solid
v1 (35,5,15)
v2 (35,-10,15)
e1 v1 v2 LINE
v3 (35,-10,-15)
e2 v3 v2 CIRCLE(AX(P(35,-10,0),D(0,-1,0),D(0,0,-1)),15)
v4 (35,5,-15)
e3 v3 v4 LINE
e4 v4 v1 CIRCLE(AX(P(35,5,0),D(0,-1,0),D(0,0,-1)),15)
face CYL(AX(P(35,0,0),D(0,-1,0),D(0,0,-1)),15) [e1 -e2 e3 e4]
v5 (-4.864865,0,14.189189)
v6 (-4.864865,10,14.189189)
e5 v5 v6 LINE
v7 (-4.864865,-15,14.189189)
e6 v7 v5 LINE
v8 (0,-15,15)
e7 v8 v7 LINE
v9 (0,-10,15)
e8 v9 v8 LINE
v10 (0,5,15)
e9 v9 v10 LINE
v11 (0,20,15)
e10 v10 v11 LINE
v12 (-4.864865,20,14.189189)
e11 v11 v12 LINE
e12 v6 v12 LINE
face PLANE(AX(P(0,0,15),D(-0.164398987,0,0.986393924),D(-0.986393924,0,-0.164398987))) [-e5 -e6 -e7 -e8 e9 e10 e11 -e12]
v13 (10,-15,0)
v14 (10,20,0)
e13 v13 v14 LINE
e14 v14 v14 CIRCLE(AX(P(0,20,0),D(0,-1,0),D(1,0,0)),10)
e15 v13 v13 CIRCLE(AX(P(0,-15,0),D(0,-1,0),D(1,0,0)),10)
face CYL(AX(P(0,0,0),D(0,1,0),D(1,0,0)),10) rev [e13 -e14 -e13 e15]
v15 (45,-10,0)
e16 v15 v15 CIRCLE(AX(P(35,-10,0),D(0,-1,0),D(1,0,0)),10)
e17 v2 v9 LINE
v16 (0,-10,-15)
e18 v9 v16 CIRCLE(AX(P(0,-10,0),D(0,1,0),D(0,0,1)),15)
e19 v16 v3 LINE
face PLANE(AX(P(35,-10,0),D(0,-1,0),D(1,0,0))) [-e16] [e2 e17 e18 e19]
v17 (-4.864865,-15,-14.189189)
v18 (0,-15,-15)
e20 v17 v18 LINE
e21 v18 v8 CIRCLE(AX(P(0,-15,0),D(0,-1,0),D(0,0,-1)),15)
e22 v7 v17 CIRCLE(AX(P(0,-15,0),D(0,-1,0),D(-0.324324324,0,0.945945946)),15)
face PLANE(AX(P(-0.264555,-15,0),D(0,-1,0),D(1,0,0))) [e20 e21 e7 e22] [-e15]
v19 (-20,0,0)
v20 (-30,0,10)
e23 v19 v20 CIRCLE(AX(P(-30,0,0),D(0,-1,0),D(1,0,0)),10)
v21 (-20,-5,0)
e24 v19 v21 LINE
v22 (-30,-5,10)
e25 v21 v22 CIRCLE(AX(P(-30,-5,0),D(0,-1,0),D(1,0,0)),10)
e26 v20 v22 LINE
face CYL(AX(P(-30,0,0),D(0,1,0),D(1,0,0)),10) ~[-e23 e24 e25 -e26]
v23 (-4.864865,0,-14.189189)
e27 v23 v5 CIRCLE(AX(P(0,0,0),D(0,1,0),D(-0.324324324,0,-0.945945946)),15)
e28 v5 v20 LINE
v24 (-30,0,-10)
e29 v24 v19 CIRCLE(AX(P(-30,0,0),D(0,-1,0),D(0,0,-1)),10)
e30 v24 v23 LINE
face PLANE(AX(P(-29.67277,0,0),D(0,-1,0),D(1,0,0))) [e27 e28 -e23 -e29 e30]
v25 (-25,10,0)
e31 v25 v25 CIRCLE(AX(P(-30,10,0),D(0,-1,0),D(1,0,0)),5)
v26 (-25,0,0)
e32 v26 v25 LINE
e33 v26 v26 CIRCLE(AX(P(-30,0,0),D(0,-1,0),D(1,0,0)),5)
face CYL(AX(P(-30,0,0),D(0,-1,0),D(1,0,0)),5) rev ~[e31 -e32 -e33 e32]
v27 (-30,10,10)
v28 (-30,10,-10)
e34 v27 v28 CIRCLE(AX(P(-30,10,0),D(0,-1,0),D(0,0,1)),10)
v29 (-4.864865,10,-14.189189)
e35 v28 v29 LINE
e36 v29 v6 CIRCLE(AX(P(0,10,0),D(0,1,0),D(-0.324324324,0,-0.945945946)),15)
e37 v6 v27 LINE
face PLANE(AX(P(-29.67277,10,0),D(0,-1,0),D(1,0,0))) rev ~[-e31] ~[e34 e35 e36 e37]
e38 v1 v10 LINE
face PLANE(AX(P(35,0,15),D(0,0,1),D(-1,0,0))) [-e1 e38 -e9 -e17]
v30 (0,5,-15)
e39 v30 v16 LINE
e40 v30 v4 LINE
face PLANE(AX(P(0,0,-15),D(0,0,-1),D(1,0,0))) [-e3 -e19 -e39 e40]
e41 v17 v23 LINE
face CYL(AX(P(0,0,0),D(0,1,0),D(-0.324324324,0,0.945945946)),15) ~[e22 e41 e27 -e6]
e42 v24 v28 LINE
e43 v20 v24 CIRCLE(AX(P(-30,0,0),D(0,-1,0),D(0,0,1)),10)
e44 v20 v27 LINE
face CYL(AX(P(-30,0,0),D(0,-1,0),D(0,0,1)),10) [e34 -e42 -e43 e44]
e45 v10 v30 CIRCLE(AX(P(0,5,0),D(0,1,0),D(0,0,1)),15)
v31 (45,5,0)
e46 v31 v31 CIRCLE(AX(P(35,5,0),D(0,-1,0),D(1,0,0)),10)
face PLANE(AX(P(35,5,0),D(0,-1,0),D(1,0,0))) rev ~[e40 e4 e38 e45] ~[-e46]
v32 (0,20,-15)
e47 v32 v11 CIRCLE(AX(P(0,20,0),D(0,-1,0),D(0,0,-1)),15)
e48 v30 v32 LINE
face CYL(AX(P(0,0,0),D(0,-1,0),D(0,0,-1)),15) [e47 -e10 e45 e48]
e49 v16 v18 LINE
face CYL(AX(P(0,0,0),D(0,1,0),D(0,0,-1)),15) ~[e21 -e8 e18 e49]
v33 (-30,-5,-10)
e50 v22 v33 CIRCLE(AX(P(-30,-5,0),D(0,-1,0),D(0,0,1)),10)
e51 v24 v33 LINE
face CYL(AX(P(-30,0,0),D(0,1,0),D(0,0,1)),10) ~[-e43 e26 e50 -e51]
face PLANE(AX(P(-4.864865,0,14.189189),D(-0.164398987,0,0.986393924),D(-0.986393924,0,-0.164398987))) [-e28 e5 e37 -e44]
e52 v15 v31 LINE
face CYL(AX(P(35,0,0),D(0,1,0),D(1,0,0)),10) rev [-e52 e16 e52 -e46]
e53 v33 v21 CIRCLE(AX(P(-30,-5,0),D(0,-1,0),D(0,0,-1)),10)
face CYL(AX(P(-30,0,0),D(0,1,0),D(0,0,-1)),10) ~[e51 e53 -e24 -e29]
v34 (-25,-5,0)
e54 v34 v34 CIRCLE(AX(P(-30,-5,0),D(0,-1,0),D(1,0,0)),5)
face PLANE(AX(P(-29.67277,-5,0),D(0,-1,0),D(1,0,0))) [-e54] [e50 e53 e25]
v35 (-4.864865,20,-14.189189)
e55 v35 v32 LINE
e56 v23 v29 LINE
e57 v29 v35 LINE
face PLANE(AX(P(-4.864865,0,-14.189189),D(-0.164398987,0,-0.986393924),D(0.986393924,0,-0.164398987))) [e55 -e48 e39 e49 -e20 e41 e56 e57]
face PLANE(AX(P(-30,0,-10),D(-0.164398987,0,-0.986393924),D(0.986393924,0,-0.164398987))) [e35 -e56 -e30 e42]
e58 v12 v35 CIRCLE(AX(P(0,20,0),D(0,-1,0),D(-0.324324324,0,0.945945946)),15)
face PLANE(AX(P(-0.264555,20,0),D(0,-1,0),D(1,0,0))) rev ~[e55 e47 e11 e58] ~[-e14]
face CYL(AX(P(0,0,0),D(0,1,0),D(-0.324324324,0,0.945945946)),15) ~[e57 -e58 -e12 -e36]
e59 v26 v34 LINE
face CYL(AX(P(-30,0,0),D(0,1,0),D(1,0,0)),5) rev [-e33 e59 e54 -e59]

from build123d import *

# Parameters (mm, degrees)
F0_R     = 5
F1_DEPTH = 5
F0_R_2   = 10
F2_DEPTH = 15
F3_DEPTH = 10
F4_DEPTH = 5
F5_DEPTH = 20
F6_DEPTH = 10


with BuildPart() as f1:
    # F0 (on Front) → F1 (new body)
    with BuildSketch(Plane.XZ):
        with BuildLine():
            ThreePointArc((-20, 0), (-22.9289321881, 7.0710678119), (-30, 10))
            ThreePointArc((-30, 10), (-40, 0), (-30, -10))
            ThreePointArc((-30, -10), (-22.9289321881, -7.0710678119), (-20, 0))
        make_face()
        with Locations((-30, 0)):
            Circle(F0_R, mode=Mode.SUBTRACT)
    extrude(amount=F1_DEPTH)



with BuildPart() as f2:
    # F0 (on Front) → F2 (new body)
    with BuildSketch(Plane.XZ):
        with BuildLine():
            ThreePointArc((0, -15), (10.6066017178, -10.6066017178), (15, 0))
            ThreePointArc((15, 0), (10.6066017178, 10.6066017178), (0, 15))
            Line((0, 15), (-4.8648648649, 14.1891891892))
            ThreePointArc((-4.8648648649, 14.1891891892), (-15, 0), (-4.8648648649, -14.1891891892))
            Line((-4.8648648649, -14.1891891892), (0, -15))
        make_face()
        Circle(F0_R_2, mode=Mode.SUBTRACT)
    extrude(amount=F2_DEPTH)

    # F0 (on Front) → F3 (join)
    with BuildSketch(Plane.XZ):
        with BuildLine():
            ThreePointArc((50, 0), (45.6066017178, 10.6066017178), (35, 15))
            ThreePointArc((35, 15), (20, 0), (35, -15))
            ThreePointArc((35, -15), (45.6066017178, -10.6066017178), (50, 0))
        make_face()
        with Locations((35, 0)):
            Circle(F0_R_2, mode=Mode.SUBTRACT)
        with BuildLine():
            ThreePointArc((0, 15), (10.6066017178, 10.6066017178), (15, 0))
            ThreePointArc((15, 0), (10.6066017178, -10.6066017178), (0, -15))
            Line((0, -15), (35, -15))
            ThreePointArc((35, -15), (20, 0), (35, 15))
            Line((35, 15), (0, 15))
        make_face()
    extrude(amount=F3_DEPTH)

    # F0 (on Front) → F4 (join)
    with BuildSketch(Plane.XZ):
        with BuildLine():
            ThreePointArc((50, 0), (45.6066017178, 10.6066017178), (35, 15))
            ThreePointArc((35, 15), (20, 0), (35, -15))
            ThreePointArc((35, -15), (45.6066017178, -10.6066017178), (50, 0))
        make_face()
        with Locations((35, 0)):
            Circle(F0_R_2, mode=Mode.SUBTRACT)
        with BuildLine():
            ThreePointArc((0, 15), (10.6066017178, 10.6066017178), (15, 0))
            ThreePointArc((15, 0), (10.6066017178, -10.6066017178), (0, -15))
            Line((0, -15), (35, -15))
            ThreePointArc((35, -15), (20, 0), (35, 15))
            Line((35, 15), (0, 15))
        make_face()
    extrude(amount=-F4_DEPTH)

    # F0 (on Front) → F5 (join)
    with BuildSketch(Plane.XZ):
        with BuildLine():
            ThreePointArc((0, -15), (10.6066017178, -10.6066017178), (15, 0))
            ThreePointArc((15, 0), (10.6066017178, 10.6066017178), (0, 15))
            Line((0, 15), (-4.8648648649, 14.1891891892))
            ThreePointArc((-4.8648648649, 14.1891891892), (-15, 0), (-4.8648648649, -14.1891891892))
            Line((-4.8648648649, -14.1891891892), (0, -15))
        make_face()
        Circle(F0_R_2, mode=Mode.SUBTRACT)
    extrude(amount=-F5_DEPTH)


with BuildPart() as f1_1:
    add(f1.part)

    add(f2.part)  # F6 merges F2
    # F0 (on Front) → F6 (join)
    with BuildSketch(Plane.XZ):
        with BuildLine():
            ThreePointArc((-20, 0), (-22.9289321881, 7.0710678119), (-30, 10))
            ThreePointArc((-30, 10), (-40, 0), (-30, -10))
            ThreePointArc((-30, -10), (-22.9289321881, -7.0710678119), (-20, 0))
        make_face()
        with Locations((-30, 0)):
            Circle(F0_R, mode=Mode.SUBTRACT)
        with BuildLine():
            ThreePointArc((-4.8648648649, -14.1891891892), (-15, 0), (-4.8648648649, 14.1891891892))
            Line((-4.8648648649, 14.1891891892), (-30, 10))
            ThreePointArc((-30, 10), (-22.9289321881, 7.0710678119), (-20, 0))
            ThreePointArc((-20, 0), (-22.9289321881, -7.0710678119), (-30, -10))
            Line((-30, -10), (-4.8648648649, -14.1891891892))
        make_face()
    extrude(amount=-F6_DEPTH)


solid = f1_1.part
